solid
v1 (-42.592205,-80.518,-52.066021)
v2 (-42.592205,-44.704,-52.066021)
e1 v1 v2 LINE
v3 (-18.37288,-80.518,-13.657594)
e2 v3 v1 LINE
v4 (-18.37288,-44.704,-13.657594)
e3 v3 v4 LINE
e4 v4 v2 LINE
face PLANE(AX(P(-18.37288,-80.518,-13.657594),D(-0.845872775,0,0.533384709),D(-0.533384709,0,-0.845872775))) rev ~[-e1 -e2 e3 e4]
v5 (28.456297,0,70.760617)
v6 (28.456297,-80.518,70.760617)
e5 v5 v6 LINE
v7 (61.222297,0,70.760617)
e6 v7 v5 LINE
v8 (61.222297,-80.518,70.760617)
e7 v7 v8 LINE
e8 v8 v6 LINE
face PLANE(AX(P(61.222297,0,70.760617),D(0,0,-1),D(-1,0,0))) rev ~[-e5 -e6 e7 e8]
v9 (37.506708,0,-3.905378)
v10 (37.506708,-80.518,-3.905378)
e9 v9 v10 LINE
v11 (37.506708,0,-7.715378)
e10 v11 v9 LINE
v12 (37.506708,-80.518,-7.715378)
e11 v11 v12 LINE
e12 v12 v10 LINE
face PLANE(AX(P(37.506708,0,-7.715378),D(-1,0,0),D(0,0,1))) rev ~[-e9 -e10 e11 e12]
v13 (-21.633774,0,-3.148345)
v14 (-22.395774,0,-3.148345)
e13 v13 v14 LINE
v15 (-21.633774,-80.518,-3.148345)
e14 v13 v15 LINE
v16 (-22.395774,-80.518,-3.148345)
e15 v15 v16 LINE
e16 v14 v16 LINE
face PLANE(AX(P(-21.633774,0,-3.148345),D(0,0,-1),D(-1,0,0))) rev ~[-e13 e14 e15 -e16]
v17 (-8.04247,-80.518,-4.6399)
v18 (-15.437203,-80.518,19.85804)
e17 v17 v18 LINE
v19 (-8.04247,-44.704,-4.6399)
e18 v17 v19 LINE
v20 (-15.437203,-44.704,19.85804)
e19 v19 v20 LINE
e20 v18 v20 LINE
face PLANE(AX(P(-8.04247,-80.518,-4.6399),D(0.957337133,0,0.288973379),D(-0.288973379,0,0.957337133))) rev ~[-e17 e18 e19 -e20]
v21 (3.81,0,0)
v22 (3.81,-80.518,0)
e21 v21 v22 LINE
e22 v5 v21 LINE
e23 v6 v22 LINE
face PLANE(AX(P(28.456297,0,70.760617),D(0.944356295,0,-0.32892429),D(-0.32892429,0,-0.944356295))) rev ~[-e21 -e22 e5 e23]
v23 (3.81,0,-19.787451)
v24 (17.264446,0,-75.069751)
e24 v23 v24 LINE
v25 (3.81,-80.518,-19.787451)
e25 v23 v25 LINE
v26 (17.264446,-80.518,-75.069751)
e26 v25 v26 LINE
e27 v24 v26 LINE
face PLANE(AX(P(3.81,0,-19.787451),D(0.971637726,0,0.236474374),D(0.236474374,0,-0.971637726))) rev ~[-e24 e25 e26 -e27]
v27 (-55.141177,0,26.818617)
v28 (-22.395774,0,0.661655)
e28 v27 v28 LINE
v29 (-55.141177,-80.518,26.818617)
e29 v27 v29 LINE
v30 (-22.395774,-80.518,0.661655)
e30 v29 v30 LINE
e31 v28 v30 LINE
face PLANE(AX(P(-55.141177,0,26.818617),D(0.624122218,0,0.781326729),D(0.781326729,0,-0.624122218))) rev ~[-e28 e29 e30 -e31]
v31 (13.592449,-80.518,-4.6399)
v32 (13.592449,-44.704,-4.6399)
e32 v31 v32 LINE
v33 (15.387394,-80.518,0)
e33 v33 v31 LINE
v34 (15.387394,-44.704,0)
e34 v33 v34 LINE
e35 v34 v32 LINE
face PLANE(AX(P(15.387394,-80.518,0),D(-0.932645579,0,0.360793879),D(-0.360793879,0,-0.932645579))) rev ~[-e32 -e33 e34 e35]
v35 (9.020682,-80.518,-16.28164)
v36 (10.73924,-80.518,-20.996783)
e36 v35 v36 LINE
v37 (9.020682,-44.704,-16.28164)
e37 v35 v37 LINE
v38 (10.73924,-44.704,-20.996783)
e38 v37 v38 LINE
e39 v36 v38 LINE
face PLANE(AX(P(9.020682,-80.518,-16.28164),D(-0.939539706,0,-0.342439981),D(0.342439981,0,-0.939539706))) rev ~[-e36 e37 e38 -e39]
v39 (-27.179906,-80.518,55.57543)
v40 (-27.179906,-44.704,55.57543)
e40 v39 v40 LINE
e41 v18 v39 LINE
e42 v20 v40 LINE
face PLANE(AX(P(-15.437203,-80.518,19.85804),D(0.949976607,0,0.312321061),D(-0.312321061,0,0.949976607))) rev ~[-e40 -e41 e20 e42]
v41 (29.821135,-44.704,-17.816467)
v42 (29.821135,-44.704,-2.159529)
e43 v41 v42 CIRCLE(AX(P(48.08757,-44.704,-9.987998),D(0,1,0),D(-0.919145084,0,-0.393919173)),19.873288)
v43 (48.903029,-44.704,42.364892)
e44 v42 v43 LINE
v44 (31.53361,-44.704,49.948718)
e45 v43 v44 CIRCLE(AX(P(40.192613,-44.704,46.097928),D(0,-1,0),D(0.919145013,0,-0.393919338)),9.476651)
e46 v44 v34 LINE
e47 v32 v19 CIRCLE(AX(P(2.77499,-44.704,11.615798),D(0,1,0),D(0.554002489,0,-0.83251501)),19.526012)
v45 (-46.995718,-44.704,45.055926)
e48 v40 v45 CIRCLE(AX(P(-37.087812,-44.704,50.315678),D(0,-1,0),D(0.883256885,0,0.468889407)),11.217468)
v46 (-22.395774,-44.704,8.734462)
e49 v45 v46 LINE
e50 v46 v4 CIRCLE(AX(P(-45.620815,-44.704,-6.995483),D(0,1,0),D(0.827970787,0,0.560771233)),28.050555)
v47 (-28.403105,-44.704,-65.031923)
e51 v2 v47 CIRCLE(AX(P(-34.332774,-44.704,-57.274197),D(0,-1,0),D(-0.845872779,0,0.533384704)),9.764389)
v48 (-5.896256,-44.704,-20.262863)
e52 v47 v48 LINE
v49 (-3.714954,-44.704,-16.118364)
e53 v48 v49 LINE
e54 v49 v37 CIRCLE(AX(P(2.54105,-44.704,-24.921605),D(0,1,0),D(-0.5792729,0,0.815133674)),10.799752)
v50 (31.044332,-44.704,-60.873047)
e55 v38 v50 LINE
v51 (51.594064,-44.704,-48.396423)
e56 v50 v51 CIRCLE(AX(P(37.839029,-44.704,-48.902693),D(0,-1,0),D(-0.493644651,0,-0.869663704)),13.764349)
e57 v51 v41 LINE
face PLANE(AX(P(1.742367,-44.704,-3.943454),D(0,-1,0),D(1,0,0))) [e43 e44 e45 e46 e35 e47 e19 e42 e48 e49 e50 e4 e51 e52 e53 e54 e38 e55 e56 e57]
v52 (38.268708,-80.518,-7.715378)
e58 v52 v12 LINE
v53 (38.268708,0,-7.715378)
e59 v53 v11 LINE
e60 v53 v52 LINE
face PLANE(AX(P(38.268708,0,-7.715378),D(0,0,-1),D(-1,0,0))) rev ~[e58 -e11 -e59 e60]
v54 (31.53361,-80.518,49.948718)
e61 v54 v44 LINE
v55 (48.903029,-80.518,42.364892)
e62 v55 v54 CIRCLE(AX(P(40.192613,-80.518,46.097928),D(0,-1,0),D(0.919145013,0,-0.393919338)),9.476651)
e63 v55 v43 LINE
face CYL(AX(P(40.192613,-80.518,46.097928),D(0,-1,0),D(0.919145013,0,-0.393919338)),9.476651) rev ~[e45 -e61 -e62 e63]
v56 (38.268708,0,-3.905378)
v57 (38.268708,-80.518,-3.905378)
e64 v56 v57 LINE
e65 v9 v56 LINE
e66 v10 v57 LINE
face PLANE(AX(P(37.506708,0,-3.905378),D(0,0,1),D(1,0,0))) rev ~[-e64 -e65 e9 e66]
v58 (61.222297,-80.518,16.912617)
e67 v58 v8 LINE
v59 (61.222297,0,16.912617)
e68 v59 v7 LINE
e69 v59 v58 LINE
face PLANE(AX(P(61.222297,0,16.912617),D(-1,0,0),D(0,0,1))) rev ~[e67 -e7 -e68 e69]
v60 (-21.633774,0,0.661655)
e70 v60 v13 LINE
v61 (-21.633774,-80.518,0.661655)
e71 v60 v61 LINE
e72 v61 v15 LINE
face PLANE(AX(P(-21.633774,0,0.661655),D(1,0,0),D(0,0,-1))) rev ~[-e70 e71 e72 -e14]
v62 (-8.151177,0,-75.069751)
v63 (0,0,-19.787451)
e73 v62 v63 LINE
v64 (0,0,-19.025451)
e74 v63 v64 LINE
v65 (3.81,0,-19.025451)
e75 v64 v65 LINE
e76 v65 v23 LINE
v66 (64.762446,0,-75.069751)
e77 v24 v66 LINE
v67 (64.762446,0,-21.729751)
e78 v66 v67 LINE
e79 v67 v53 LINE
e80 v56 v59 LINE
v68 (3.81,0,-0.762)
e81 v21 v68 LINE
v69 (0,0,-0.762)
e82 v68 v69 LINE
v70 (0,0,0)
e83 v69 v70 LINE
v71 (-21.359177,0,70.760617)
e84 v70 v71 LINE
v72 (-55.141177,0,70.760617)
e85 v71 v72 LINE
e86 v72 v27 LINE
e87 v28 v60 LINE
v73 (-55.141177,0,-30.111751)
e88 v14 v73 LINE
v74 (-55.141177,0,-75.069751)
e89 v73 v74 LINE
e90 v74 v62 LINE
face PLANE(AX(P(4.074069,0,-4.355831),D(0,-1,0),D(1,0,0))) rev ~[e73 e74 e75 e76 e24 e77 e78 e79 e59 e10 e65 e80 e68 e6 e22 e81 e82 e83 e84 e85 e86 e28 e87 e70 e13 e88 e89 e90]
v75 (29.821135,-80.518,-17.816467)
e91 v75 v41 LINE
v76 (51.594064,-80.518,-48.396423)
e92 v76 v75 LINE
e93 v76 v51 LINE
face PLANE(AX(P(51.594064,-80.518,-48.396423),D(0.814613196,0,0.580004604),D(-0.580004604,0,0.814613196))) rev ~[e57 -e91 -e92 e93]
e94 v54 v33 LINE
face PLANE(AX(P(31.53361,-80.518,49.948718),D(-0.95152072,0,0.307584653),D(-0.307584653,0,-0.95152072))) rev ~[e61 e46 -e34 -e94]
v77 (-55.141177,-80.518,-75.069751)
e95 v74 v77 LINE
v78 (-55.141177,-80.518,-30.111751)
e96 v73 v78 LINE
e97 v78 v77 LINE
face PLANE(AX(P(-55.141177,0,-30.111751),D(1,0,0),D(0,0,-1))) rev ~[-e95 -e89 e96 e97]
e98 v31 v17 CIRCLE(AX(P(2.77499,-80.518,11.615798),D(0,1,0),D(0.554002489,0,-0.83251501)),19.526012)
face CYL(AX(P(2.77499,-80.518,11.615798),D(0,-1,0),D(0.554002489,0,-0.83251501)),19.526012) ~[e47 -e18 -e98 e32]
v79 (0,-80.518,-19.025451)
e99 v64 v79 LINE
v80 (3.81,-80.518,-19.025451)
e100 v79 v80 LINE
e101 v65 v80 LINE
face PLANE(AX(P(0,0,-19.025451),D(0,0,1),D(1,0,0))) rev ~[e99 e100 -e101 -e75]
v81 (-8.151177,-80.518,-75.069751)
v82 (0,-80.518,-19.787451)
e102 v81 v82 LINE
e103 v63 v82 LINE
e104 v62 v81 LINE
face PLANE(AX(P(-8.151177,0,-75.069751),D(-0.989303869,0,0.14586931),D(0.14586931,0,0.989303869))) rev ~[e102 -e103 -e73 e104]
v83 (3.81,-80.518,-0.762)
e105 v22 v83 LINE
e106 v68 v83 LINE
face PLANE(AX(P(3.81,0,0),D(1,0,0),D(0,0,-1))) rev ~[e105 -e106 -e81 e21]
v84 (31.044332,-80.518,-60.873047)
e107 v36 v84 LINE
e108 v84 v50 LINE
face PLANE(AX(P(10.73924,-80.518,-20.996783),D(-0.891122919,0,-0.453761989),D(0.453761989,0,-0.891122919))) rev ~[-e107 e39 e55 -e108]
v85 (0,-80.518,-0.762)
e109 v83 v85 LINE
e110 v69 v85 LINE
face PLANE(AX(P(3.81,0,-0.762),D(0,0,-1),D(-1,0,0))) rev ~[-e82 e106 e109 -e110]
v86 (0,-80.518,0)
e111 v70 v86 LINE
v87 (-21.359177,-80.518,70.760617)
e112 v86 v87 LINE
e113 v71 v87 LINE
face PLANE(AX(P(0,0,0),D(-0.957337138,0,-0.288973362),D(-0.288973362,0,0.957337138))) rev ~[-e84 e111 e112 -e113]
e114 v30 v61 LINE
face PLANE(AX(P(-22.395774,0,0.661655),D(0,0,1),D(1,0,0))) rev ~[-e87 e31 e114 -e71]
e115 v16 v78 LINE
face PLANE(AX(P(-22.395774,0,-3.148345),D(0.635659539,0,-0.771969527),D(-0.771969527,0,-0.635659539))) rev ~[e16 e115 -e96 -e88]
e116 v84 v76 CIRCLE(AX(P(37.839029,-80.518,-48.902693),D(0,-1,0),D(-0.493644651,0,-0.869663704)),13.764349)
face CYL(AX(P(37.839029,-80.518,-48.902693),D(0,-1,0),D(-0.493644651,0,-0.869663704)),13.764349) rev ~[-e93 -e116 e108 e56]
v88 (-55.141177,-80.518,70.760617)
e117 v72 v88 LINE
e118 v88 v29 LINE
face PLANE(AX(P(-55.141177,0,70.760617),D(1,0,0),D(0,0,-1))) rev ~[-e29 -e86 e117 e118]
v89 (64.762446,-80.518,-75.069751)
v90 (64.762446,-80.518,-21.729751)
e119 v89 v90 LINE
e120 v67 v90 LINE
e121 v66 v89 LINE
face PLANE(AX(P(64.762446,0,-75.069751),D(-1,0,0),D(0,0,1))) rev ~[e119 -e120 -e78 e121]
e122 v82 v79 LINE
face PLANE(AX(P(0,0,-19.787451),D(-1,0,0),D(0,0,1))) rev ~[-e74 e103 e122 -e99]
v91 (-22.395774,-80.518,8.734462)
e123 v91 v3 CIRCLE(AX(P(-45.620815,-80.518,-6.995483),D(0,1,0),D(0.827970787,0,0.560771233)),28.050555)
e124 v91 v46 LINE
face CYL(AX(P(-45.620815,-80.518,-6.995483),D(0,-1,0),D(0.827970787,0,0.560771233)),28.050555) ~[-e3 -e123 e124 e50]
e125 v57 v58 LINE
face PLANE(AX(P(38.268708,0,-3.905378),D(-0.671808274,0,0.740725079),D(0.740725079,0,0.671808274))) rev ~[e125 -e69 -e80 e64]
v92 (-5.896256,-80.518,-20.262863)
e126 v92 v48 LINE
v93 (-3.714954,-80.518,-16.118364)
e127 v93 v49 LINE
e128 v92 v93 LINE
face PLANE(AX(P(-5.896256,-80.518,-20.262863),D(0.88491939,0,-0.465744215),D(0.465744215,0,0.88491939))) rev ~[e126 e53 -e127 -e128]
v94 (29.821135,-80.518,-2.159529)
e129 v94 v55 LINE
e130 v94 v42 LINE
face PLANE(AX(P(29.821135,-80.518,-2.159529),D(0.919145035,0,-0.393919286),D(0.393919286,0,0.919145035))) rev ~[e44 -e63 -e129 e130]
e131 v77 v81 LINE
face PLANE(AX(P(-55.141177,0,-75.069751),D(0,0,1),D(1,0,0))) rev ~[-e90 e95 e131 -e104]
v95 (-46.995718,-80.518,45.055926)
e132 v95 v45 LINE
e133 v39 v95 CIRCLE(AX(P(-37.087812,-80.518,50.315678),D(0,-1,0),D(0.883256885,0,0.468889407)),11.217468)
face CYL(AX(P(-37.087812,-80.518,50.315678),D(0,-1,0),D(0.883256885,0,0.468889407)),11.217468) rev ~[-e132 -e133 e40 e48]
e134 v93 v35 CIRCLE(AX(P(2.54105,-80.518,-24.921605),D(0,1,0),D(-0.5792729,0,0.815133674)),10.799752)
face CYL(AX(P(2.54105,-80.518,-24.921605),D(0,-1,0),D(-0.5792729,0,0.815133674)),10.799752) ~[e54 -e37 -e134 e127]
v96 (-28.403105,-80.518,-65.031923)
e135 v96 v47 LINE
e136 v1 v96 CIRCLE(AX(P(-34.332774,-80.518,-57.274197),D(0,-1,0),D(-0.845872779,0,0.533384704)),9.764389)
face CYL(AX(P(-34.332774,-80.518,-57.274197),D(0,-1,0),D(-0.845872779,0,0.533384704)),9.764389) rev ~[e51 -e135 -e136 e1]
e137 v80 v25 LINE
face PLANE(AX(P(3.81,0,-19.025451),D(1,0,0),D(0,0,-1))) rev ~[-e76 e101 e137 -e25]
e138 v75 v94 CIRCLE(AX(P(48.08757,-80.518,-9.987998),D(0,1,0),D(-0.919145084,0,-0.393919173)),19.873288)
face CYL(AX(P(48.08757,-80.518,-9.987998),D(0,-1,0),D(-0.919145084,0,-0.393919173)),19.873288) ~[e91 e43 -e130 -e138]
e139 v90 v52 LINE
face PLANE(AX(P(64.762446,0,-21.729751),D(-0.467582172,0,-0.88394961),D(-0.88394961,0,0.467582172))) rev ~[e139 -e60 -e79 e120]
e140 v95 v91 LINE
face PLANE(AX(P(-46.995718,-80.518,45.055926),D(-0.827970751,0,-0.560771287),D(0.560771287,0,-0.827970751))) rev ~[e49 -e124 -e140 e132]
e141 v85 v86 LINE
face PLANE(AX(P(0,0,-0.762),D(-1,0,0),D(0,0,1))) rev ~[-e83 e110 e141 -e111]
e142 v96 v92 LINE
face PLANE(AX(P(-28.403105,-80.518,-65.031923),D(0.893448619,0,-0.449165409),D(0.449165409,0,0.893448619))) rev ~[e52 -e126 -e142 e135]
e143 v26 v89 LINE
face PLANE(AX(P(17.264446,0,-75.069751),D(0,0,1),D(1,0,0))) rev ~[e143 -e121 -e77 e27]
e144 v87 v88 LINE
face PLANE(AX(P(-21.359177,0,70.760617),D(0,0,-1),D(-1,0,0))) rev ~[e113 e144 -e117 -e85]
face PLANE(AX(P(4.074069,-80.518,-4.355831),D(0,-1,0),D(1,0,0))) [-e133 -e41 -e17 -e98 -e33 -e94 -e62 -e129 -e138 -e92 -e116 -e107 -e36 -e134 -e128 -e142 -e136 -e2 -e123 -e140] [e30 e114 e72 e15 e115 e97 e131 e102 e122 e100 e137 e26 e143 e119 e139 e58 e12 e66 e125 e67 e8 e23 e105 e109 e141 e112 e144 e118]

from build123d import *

# Parameters (mm, degrees)
F1_DEPTH = 80.518
F3_DEPTH = 35.814


with BuildPart() as f1:
    # F0 (on Front) → F1 (new body)
    with BuildSketch(Plane.XZ):
        Polygon((0, -0.762), (0, 0), (-21.359177, 70.760617), (-55.141177, 70.760617), (-55.141177, 26.818617), (-22.395774, 0.661655), (-21.633774, 0.661655), (-21.633774, -3.148345), (-22.395774, -3.148345), (-55.141177, -30.111751), (-55.141177, -75.069751), (-8.151177, -75.069751), (0, -19.787451), (0, -19.025451), (3.81, -19.025451), (3.81, -19.787451), (17.264446, -75.069751), (64.762446, -75.069751), (64.762446, -21.729751), (38.268708, -7.715378), (37.506708, -7.715378), (37.506708, -3.905378), (38.268708, -3.905378), (61.222297, 16.912617), (61.222297, 70.760617), (28.456297, 70.760617), (3.81, 0), (3.81, -0.762), align=None)
    extrude(amount=F1_DEPTH)

    # F2 (on face) → F3 (cut)
    with BuildSketch(Plane.XZ.offset(80.518)):
        with BuildLine():
            ThreePointArc((-27.179906, 55.57543), (-42.347564, 60.223584), (-46.995718, 45.055926))
            Line((-46.995718, 45.055926), (-22.395774, 8.734462))
            ThreePointArc((-22.395774, 8.734462), (-18.012277, -2.03541), (-18.37288, -13.657594))
            Line((-18.37288, -13.657594), (-42.592205, -52.066021))
            ThreePointArc((-42.592205, -52.066021), (-40.919549, -64.482365), (-28.403105, -65.031923))
            Line((-28.403105, -65.031923), (-5.896256, -20.262863))
            Line((-5.896256, -20.262863), (-3.714954, -16.118364))
            ThreePointArc((-3.714954, -16.118364), (2.679495, -14.122741), (9.020682, -16.28164))
            Line((9.020682, -16.28164), (10.73924, -20.996783))
            Line((10.73924, -20.996783), (31.044332, -60.873047))
            ThreePointArc((31.044332, -60.873047), (44.982425, -60.668286), (51.594064, -48.396423))
            Line((51.594064, -48.396423), (29.821135, -17.816467))
            ThreePointArc((29.821135, -17.816467), (28.214282, -9.987998), (29.821135, -2.159529))
            Line((29.821135, -2.159529), (48.903029, 42.364892))
            ThreePointArc((48.903029, 42.364892), (43.984613, 54.782837), (31.53361, 49.948718))
            Line((31.53361, 49.948718), (15.387394, 0))
            Line((15.387394, 0), (13.592449, -4.6399))
            ThreePointArc((13.592449, -4.6399), (2.774989, -7.910214), (-8.04247, -4.6399))
            Line((-8.04247, -4.6399), (-15.437203, 19.85804))
            Line((-15.437203, 19.85804), (-27.179906, 55.57543))
        make_face()
    extrude(amount=-F3_DEPTH, mode=Mode.SUBTRACT)


solid = f1.part
